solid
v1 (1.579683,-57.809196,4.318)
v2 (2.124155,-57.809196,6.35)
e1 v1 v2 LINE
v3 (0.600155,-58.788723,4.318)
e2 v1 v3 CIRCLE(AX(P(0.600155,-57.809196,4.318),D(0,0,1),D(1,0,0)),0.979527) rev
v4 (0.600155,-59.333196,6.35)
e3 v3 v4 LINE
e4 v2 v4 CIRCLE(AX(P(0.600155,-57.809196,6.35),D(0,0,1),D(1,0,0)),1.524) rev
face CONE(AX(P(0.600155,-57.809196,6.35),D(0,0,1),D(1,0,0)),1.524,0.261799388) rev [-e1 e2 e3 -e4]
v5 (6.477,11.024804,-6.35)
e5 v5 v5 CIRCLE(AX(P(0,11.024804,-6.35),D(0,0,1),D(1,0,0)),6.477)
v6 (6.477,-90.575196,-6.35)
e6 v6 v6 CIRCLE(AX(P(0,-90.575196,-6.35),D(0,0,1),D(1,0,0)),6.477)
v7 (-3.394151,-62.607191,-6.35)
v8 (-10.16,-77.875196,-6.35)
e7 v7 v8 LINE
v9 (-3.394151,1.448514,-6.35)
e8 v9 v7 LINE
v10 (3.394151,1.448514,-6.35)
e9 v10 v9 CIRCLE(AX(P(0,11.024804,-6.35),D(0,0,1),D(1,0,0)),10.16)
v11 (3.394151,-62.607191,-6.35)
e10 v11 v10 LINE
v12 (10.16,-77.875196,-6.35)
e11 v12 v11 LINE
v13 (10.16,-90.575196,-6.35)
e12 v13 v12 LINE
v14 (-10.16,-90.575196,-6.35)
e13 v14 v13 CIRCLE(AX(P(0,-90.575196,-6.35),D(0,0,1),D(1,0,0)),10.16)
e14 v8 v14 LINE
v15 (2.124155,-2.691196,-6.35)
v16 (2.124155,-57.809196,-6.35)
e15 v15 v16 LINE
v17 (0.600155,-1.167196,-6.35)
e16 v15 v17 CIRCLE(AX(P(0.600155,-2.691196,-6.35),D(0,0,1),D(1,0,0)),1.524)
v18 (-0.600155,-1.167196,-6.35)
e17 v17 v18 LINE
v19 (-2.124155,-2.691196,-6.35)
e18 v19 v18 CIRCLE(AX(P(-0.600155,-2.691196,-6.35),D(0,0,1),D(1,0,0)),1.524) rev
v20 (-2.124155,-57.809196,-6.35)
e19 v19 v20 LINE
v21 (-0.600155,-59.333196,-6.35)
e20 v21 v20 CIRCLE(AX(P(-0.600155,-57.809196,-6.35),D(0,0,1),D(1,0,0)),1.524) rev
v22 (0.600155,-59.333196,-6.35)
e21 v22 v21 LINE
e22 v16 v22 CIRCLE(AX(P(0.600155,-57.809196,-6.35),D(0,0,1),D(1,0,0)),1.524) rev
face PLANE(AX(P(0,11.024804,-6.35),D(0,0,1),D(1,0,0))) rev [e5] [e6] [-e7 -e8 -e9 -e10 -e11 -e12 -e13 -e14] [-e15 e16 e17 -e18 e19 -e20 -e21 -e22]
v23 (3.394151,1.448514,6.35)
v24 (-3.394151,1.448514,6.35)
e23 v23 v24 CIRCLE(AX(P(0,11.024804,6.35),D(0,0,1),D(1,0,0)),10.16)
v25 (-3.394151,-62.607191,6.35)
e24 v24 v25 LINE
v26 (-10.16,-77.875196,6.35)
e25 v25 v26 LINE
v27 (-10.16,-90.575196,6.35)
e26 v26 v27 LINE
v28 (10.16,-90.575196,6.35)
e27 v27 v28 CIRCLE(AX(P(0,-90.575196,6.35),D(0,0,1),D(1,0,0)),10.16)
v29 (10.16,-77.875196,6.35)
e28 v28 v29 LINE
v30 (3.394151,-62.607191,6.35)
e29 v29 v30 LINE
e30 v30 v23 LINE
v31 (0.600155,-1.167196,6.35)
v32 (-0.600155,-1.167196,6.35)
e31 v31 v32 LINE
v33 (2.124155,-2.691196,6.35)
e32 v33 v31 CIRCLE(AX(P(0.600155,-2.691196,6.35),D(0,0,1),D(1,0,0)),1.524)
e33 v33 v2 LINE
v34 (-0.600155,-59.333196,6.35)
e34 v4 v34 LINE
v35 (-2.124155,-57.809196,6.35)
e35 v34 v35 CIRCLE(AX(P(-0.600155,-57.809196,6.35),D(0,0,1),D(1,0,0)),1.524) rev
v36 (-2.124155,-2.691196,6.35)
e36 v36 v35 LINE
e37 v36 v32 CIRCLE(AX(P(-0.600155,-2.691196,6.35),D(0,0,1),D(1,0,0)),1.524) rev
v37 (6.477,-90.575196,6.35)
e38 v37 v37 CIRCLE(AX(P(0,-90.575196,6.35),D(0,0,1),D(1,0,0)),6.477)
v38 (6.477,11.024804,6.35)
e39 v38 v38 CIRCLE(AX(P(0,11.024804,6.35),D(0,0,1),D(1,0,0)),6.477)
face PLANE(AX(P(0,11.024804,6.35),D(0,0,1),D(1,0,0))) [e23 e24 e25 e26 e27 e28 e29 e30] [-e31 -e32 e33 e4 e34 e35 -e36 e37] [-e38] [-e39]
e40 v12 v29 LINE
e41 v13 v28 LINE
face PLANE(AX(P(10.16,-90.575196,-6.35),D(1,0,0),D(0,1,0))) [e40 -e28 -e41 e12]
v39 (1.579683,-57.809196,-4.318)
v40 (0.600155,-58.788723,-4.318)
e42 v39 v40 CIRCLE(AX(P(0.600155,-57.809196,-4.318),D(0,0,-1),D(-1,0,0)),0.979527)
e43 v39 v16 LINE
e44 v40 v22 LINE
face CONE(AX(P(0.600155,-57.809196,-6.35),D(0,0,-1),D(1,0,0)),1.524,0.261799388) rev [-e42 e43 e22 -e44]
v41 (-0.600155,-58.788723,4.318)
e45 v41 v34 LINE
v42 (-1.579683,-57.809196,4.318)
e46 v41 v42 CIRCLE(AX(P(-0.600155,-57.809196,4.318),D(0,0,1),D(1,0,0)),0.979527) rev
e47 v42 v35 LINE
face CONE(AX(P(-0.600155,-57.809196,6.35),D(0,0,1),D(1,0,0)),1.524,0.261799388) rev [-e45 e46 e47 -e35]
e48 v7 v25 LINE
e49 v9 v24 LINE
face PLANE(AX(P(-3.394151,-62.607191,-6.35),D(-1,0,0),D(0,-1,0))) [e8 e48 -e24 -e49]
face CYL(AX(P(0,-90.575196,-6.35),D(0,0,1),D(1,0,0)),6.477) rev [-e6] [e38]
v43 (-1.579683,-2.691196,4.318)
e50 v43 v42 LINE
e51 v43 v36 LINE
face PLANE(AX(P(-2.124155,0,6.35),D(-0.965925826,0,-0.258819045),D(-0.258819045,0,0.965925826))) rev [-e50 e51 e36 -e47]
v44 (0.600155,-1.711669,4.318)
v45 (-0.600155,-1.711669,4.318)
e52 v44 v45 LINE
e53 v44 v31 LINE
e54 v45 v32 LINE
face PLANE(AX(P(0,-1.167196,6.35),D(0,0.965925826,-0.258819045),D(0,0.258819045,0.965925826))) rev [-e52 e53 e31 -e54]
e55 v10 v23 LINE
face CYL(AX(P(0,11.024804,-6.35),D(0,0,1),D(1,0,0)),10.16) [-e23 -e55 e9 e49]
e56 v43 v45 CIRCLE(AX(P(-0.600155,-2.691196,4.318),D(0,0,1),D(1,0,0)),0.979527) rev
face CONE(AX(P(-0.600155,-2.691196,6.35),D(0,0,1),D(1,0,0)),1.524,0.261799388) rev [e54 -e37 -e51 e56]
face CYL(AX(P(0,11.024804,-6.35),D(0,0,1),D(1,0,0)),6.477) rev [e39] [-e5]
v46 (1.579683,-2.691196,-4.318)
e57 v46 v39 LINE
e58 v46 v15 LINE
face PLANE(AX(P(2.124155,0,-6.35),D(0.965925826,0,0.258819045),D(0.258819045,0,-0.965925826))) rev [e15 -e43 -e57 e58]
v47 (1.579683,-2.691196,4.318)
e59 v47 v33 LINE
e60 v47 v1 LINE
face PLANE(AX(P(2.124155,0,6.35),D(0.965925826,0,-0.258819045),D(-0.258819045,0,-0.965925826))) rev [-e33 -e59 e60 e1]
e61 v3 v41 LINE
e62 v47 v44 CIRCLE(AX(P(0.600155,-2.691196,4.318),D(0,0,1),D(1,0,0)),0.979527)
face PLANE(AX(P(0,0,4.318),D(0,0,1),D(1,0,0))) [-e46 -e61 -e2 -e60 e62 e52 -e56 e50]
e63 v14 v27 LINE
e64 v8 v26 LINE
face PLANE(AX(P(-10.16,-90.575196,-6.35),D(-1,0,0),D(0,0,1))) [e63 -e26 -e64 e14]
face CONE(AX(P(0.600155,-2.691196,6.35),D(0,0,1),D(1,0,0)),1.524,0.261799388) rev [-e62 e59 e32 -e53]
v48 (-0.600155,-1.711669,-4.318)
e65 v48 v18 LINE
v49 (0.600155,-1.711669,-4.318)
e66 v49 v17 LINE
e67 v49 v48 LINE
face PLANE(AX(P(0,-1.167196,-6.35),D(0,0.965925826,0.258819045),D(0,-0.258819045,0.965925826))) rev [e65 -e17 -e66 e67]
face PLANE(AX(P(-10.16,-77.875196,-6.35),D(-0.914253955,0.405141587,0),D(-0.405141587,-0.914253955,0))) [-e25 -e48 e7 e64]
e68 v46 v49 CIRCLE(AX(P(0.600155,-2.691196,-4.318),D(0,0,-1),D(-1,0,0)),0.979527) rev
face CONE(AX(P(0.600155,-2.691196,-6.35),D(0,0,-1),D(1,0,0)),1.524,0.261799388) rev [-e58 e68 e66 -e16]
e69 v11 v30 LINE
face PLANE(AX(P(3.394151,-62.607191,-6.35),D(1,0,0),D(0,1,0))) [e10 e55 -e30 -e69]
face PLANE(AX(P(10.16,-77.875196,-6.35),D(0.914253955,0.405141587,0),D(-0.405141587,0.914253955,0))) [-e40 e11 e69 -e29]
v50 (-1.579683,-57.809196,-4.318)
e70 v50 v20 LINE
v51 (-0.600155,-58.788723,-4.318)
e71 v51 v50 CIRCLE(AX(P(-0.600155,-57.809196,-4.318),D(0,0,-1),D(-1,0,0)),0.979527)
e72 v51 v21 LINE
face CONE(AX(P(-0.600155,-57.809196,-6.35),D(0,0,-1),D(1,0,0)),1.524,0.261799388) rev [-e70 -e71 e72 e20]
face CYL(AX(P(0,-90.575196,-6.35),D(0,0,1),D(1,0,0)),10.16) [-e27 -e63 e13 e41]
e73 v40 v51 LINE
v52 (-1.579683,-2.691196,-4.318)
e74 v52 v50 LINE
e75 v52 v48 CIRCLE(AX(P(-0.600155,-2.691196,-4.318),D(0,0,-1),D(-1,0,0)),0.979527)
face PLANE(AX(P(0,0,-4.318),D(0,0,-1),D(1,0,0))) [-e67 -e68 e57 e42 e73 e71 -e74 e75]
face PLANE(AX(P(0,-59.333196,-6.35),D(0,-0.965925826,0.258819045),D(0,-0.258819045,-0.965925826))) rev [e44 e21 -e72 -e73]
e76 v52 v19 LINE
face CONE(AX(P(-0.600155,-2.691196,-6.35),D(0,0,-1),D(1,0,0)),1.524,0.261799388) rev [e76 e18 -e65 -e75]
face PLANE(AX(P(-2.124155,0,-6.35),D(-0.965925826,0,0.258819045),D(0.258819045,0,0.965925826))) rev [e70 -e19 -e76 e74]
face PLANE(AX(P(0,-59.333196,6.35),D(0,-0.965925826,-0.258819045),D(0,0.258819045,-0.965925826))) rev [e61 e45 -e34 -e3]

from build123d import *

# Parameters (mm, degrees)
BOSS_EXTRUDE5_DEPTH      = 6.35
BOSS_EXTRUDE5_DEPTH_BACK = 6.35
SKETCH2_R                = 6.477
CUT_EXTRUDE1_DEPTH       = 2.032
CUT_EXTRUDE1_DRAFT       = -15
MIRROR1_COPY_1_DEPTH     = 2.032
MIRROR1_COPY_1_DRAFT     = -15


with BuildPart() as part:
    # Sketch2 → Boss-Extrude5 (new, two sides: drawn at the far end of the back side and taken through both)
    with BuildSketch(Plane.XY.offset(-BOSS_EXTRUDE5_DEPTH_BACK)):
        with BuildLine():
            Line((10.16, -90.575195917), (10.16, -77.875195917))
            Line((10.16, -77.875195917), (3.394151371, -62.607190679))
            Line((3.394151371, -62.607190679), (3.394151371, 1.448513754))
            ThreePointArc((3.394151371, 1.448513754), (0, 21.184804083), (-3.394151371, 1.448513754))
            Line((-3.394151371, 1.448513754), (-3.394151371, -62.607190679))
            Line((-3.394151371, -62.607190679), (-10.16, -77.875195917))
            Line((-10.16, -77.875195917), (-10.16, -90.575195917))
            ThreePointArc((-10.16, -90.575195917), (0, -100.735195917), (10.16, -90.575195917))
        make_face()
        with Locations((0, 11.024804083)):
            Circle(SKETCH2_R, mode=Mode.SUBTRACT)
        with Locations((0, -90.575195917)):
            Circle(SKETCH2_R, mode=Mode.SUBTRACT)
    extrude(amount=BOSS_EXTRUDE5_DEPTH + BOSS_EXTRUDE5_DEPTH_BACK)


with BuildPart() as cut_extrude1_tool:
    # Sketch3 → Cut-Extrude1 (with draft: the straight prism first)
    with BuildSketch(Plane.XY.offset(6.35)):
        with BuildLine():
            ThreePointArc((2.124155322, -2.691195917), (1.677786057, -1.613565183), (0.600155322, -1.167195917))
            Line((0.600155322, -1.167195917), (-0.600155322, -1.167195917))
            ThreePointArc((-0.600155322, -1.167195917), (-1.677786057, -1.613565183), (-2.124155322, -2.691195917))
            Line((-2.124155322, -2.691195917), (-2.124155322, -57.809195917))
            ThreePointArc((-2.124155322, -57.809195917), (-1.677786057, -58.886826652), (-0.600155322, -59.333195917))
            Line((-0.600155322, -59.333195917), (0.600155322, -59.333195917))
            ThreePointArc((0.600155322, -59.333195917), (1.677786057, -58.886826652), (2.124155322, -57.809195917))
            Line((2.124155322, -57.809195917), (2.124155322, -2.691195917))
        make_face()
    extrude(amount=-CUT_EXTRUDE1_DEPTH)
    # Cut-Extrude1: the draft: its side faces are tilted about the plane it starts from
    cut_extrude1_sides = [cut_extrude1_tool.faces().sort_by_distance(p)[0] for p in [
        (2.124155322, -30.250195917, 5.334),
        (1.677786057, -1.613565183, 5.334),
        (0, -1.167195917, 5.334),
        (-1.677786057, -1.613565183, 5.334),
        (-2.124155322, -30.250195917, 5.334),
        (-1.677786057, -58.886826652, 5.334),
        (0, -59.333195917, 5.334),
        (1.677786057, -58.886826652, 5.334),
    ]]
    draft(cut_extrude1_sides, Plane.XY.offset(6.35), CUT_EXTRUDE1_DRAFT)


with BuildPart() as part_1:
    add(part.part)

    # Cut-Extrude1: cut by cut_extrude1_tool
    add(cut_extrude1_tool.part, mode=Mode.SUBTRACT)


with BuildPart() as mirror1_copy_1_tool:
    # Mirror1 copy 1 sketch → Mirror1 copy 1 (with draft: the straight prism first)
    with BuildSketch(Plane(origin=(0, 0, -6.35), x_dir=(1, 0, 0), z_dir=(0, 0, -1))):
        with BuildLine():
            ThreePointArc((2.124155322, 2.691195917), (1.677786057, 1.613565183), (0.600155322, 1.167195917))
            Line((0.600155322, 1.167195917), (-0.600155322, 1.167195917))
            ThreePointArc((-0.600155322, 1.167195917), (-1.677786057, 1.613565183), (-2.124155322, 2.691195917))
            Line((-2.124155322, 2.691195917), (-2.124155322, 57.809195917))
            ThreePointArc((-2.124155322, 57.809195917), (-1.677786057, 58.886826652), (-0.600155322, 59.333195917))
            Line((-0.600155322, 59.333195917), (0.600155322, 59.333195917))
            ThreePointArc((0.600155322, 59.333195917), (1.677786057, 58.886826652), (2.124155322, 57.809195917))
            Line((2.124155322, 57.809195917), (2.124155322, 2.691195917))
        make_face()
    extrude(amount=-MIRROR1_COPY_1_DEPTH)
    # Mirror1 copy 1: the draft: its side faces are tilted about the plane it starts from
    mirror1_copy_1_sides = [mirror1_copy_1_tool.faces().sort_by_distance(p)[0] for p in [
        (2.124155322, -30.250195917, -5.334),
        (1.677786057, -1.613565183, -5.334),
        (0, -1.167195917, -5.334),
        (-1.677786057, -1.613565183, -5.334),
        (-2.124155322, -30.250195917, -5.334),
        (-1.677786057, -58.886826652, -5.334),
        (0, -59.333195917, -5.334),
        (1.677786057, -58.886826652, -5.334),
    ]]
    draft(mirror1_copy_1_sides, Plane(origin=(0, 0, -6.35), x_dir=(1, 0, 0), z_dir=(0, 0, -1)), MIRROR1_COPY_1_DRAFT)


with BuildPart() as part_2:
    add(part_1.part)

    # Mirror1 copy 1: cut by mirror1_copy_1_tool
    add(mirror1_copy_1_tool.part, mode=Mode.SUBTRACT)


solid = part_2.part
